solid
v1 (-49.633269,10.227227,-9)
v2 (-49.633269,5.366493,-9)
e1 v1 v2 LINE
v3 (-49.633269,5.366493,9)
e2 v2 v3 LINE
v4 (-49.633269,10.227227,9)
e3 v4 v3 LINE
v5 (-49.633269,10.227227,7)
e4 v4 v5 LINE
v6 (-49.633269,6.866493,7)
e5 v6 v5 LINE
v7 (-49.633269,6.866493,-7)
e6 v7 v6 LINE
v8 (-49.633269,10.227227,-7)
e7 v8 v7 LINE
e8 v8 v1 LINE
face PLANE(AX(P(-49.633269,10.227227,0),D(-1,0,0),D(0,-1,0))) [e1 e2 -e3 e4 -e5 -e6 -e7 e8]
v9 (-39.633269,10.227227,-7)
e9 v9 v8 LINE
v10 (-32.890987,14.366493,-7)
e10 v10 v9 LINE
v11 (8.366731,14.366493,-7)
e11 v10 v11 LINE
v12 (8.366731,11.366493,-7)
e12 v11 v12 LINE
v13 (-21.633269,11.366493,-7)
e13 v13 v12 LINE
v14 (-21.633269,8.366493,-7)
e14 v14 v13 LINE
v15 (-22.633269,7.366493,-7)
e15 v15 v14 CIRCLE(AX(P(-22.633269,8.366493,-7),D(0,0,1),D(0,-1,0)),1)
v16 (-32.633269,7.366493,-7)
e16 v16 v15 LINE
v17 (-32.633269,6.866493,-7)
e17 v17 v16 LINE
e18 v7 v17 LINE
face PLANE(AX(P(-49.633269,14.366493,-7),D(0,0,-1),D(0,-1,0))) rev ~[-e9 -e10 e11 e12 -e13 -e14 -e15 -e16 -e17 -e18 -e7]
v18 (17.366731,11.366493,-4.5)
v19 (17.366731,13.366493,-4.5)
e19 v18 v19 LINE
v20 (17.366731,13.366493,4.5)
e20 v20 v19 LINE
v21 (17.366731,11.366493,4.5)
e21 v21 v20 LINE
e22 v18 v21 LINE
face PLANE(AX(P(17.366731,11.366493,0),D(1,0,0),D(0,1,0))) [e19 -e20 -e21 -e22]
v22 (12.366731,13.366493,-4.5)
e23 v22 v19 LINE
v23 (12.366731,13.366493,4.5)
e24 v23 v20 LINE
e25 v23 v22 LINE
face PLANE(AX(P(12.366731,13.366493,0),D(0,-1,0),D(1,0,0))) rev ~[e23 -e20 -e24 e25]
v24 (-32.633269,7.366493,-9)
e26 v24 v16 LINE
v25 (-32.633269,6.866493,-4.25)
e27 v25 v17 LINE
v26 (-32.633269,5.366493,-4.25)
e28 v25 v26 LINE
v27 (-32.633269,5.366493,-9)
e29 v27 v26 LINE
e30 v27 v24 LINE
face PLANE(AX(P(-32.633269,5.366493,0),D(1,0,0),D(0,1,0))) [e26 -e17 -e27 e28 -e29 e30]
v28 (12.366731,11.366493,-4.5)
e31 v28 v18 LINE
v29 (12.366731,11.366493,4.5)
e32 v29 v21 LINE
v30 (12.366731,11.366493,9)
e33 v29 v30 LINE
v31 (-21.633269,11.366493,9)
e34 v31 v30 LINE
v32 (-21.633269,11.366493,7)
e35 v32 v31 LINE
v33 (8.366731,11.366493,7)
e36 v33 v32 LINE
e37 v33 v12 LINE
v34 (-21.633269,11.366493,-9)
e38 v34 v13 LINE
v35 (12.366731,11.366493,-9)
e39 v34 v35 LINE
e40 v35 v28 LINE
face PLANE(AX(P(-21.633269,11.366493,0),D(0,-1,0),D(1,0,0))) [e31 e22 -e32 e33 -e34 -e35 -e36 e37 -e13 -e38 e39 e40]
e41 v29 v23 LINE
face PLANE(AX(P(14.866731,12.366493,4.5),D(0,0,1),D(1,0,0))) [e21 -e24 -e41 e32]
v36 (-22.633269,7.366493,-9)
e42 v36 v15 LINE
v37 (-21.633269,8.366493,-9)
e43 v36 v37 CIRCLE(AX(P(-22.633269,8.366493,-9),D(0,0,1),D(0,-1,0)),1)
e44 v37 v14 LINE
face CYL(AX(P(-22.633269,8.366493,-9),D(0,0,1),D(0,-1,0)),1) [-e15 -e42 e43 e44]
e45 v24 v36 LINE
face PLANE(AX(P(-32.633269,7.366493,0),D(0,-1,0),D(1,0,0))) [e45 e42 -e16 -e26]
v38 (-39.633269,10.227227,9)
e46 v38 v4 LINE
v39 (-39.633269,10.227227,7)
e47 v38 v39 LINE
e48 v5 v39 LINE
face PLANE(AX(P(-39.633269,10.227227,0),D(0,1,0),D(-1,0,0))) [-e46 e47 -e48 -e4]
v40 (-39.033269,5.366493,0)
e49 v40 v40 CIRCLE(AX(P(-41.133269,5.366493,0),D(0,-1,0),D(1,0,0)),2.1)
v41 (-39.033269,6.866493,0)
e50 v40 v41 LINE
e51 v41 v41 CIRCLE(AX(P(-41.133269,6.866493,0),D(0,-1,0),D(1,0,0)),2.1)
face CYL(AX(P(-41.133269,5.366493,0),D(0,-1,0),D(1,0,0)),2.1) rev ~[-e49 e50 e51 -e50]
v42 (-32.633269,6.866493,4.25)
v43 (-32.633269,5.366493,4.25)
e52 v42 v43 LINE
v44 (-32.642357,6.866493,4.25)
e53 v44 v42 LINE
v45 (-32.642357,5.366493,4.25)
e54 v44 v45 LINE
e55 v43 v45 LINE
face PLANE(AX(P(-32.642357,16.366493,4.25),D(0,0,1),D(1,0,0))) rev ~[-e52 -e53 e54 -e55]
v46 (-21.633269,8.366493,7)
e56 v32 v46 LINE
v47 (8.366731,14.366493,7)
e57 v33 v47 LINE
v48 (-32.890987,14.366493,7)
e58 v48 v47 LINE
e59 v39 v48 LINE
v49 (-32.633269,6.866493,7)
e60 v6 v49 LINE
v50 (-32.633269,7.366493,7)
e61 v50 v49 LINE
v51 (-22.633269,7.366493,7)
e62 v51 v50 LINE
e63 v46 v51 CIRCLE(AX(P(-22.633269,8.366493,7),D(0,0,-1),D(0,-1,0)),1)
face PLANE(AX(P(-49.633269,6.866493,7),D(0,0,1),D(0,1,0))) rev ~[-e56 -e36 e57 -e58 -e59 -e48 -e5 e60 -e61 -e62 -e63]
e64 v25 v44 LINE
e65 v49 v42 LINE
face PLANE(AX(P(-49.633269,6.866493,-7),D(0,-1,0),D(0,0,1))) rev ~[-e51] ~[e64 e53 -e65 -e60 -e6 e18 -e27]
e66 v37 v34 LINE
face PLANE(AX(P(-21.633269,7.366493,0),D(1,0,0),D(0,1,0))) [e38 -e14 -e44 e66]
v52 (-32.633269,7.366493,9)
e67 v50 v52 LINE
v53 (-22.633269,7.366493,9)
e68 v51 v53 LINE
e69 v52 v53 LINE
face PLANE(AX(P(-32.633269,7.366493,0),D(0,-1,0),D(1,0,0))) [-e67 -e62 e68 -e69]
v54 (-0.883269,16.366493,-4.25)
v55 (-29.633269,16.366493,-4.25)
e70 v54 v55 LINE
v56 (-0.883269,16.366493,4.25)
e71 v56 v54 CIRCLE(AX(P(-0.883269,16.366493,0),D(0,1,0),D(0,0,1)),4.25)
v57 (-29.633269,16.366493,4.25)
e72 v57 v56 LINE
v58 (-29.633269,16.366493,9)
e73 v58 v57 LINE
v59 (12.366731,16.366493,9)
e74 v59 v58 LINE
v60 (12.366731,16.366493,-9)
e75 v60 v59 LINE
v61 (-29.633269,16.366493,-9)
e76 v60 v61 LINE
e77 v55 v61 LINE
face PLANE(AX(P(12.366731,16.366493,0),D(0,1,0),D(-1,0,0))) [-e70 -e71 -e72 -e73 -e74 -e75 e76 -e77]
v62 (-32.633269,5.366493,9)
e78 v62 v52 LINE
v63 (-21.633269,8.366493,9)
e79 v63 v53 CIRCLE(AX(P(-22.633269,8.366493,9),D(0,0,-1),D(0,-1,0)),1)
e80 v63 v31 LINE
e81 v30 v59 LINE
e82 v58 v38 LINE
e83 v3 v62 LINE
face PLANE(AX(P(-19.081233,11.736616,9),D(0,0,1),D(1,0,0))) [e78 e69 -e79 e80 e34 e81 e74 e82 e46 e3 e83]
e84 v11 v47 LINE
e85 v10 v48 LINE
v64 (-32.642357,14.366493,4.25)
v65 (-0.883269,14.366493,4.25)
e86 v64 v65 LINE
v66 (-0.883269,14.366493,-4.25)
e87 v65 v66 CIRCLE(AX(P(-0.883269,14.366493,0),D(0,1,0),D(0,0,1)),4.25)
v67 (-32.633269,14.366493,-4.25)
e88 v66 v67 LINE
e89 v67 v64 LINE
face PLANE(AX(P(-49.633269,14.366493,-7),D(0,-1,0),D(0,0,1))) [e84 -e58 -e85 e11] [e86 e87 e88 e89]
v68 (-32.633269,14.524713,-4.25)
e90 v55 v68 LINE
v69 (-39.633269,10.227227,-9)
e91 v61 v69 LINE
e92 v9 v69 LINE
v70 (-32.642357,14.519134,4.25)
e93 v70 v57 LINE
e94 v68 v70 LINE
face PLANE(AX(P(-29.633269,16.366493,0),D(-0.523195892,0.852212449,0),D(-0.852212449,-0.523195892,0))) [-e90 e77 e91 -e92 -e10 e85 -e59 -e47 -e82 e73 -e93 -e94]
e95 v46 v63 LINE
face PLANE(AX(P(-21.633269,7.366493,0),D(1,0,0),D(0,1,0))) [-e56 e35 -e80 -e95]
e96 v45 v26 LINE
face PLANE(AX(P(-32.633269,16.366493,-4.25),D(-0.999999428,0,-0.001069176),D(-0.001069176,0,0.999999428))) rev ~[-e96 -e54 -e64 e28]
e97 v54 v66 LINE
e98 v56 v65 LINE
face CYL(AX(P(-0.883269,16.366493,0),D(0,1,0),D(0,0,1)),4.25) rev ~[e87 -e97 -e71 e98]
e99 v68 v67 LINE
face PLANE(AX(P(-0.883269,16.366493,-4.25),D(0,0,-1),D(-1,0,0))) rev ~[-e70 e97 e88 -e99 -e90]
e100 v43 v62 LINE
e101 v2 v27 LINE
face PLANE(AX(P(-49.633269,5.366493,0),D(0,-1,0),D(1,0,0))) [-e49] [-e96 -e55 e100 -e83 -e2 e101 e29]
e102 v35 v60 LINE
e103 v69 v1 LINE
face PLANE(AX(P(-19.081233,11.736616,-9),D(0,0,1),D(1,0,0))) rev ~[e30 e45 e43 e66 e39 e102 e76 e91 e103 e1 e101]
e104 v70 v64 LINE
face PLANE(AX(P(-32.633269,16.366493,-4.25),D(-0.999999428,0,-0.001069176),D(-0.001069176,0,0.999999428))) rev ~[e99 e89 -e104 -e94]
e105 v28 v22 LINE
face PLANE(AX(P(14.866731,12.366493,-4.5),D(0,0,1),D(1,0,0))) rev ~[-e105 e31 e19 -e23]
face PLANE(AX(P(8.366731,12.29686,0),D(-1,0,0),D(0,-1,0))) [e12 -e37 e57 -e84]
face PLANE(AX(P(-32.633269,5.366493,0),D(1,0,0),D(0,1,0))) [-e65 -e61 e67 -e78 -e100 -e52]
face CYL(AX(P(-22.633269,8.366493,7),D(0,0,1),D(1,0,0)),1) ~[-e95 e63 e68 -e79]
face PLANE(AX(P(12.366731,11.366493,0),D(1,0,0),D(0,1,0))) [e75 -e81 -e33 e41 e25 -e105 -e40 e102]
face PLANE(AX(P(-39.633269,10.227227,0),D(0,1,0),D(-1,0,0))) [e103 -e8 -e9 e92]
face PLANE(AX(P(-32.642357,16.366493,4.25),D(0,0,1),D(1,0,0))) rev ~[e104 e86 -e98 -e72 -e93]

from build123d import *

# Parameters (mm, degrees)
F1_DEPTH = 9
F0_W     = 5
F0_H     = 2
F2_DEPTH = 4.5
F3_R     = 2.1
F4_DEPTH = 11.001
F6_DEPTH = 11.001
F7_W     = 4.139266
F7_H     = 14
F7_W_2   = 3.360734
F8_DEPTH = 58
F9_R     = 1


with BuildPart() as f1:
    # F0 (on Top) → F1 (new body, symmetric)
    with BuildSketch(Plane.XY):
        Polygon((-49.633269, 10.227227), (-49.633269, 5.366493), (-32.633269, 5.366493), (-32.633269, 7.366493), (-21.633269, 7.366493), (-21.633269, 11.366493), (12.366731, 11.366493), (12.366731, 13.366493), (12.366731, 16.366493), (-29.633269, 16.366493), (-39.633269, 10.227227), align=None)
    extrude(amount=F1_DEPTH, both=True)

    # F0 (on Top) → F2 (join, symmetric)
    with BuildSketch(Plane.XY):
        with Locations((14.866731, 12.366493)):
            Rectangle(F0_W, F0_H)
    extrude(amount=F2_DEPTH, both=True)

    # F3 (on face) → F4 (cut, through all)
    with BuildSketch(Plane.XZ.offset(-5.366493)):
        with Locations((-41.133269, 0)):
            Circle(F3_R)
    extrude(amount=-F4_DEPTH, mode=Mode.SUBTRACT)

    # F5 (on face) → F6 (cut, through all)
    with BuildSketch(Plane(origin=(0, 16.366493, 0), x_dir=(-1, 0, 0), z_dir=(0, 1, 0))):
        with BuildLine():
            ThreePointArc((0.883269, 4.25), (-3.366731, 0), (0.883269, -4.25))
            Line((0.883269, -4.25), (29.534266, -4.25))
            Line((29.534266, -4.25), (29.633269, -4.25))
            Line((29.633269, -4.25), (29.633269, 4.25))
            Line((29.633269, 4.25), (29.534266, 4.25))
            Line((29.534266, 4.25), (0.883269, 4.25))
        make_face()
        Polygon((29.633269, 4.25), (29.633269, -4.25), (32.633269, -4.25), (32.642357, 4.25), align=None)
    extrude(amount=-F6_DEPTH, mode=Mode.SUBTRACT)

    # F7 (on face) → F8 (cut)
    with BuildSketch(Plane(origin=(-49.633269, 0, 0), x_dir=(0, -1, 0), z_dir=(-1, 0, 0))):
        with Locations((-12.29686, 0)):
            Rectangle(F7_W, F7_H)
        with Locations((-8.54686, 0)):
            Rectangle(F7_W_2, F7_H)
    extrude(amount=-F8_DEPTH, mode=Mode.SUBTRACT)

    # F9
    f9_edges = [f1.edges().sort_by_distance(p)[0] for p in [
        (-21.633269, 7.366493, 8),
        (-21.633269, 7.366493, -8),
    ]]
    fillet(f9_edges, radius=F9_R)


solid = f1.part
